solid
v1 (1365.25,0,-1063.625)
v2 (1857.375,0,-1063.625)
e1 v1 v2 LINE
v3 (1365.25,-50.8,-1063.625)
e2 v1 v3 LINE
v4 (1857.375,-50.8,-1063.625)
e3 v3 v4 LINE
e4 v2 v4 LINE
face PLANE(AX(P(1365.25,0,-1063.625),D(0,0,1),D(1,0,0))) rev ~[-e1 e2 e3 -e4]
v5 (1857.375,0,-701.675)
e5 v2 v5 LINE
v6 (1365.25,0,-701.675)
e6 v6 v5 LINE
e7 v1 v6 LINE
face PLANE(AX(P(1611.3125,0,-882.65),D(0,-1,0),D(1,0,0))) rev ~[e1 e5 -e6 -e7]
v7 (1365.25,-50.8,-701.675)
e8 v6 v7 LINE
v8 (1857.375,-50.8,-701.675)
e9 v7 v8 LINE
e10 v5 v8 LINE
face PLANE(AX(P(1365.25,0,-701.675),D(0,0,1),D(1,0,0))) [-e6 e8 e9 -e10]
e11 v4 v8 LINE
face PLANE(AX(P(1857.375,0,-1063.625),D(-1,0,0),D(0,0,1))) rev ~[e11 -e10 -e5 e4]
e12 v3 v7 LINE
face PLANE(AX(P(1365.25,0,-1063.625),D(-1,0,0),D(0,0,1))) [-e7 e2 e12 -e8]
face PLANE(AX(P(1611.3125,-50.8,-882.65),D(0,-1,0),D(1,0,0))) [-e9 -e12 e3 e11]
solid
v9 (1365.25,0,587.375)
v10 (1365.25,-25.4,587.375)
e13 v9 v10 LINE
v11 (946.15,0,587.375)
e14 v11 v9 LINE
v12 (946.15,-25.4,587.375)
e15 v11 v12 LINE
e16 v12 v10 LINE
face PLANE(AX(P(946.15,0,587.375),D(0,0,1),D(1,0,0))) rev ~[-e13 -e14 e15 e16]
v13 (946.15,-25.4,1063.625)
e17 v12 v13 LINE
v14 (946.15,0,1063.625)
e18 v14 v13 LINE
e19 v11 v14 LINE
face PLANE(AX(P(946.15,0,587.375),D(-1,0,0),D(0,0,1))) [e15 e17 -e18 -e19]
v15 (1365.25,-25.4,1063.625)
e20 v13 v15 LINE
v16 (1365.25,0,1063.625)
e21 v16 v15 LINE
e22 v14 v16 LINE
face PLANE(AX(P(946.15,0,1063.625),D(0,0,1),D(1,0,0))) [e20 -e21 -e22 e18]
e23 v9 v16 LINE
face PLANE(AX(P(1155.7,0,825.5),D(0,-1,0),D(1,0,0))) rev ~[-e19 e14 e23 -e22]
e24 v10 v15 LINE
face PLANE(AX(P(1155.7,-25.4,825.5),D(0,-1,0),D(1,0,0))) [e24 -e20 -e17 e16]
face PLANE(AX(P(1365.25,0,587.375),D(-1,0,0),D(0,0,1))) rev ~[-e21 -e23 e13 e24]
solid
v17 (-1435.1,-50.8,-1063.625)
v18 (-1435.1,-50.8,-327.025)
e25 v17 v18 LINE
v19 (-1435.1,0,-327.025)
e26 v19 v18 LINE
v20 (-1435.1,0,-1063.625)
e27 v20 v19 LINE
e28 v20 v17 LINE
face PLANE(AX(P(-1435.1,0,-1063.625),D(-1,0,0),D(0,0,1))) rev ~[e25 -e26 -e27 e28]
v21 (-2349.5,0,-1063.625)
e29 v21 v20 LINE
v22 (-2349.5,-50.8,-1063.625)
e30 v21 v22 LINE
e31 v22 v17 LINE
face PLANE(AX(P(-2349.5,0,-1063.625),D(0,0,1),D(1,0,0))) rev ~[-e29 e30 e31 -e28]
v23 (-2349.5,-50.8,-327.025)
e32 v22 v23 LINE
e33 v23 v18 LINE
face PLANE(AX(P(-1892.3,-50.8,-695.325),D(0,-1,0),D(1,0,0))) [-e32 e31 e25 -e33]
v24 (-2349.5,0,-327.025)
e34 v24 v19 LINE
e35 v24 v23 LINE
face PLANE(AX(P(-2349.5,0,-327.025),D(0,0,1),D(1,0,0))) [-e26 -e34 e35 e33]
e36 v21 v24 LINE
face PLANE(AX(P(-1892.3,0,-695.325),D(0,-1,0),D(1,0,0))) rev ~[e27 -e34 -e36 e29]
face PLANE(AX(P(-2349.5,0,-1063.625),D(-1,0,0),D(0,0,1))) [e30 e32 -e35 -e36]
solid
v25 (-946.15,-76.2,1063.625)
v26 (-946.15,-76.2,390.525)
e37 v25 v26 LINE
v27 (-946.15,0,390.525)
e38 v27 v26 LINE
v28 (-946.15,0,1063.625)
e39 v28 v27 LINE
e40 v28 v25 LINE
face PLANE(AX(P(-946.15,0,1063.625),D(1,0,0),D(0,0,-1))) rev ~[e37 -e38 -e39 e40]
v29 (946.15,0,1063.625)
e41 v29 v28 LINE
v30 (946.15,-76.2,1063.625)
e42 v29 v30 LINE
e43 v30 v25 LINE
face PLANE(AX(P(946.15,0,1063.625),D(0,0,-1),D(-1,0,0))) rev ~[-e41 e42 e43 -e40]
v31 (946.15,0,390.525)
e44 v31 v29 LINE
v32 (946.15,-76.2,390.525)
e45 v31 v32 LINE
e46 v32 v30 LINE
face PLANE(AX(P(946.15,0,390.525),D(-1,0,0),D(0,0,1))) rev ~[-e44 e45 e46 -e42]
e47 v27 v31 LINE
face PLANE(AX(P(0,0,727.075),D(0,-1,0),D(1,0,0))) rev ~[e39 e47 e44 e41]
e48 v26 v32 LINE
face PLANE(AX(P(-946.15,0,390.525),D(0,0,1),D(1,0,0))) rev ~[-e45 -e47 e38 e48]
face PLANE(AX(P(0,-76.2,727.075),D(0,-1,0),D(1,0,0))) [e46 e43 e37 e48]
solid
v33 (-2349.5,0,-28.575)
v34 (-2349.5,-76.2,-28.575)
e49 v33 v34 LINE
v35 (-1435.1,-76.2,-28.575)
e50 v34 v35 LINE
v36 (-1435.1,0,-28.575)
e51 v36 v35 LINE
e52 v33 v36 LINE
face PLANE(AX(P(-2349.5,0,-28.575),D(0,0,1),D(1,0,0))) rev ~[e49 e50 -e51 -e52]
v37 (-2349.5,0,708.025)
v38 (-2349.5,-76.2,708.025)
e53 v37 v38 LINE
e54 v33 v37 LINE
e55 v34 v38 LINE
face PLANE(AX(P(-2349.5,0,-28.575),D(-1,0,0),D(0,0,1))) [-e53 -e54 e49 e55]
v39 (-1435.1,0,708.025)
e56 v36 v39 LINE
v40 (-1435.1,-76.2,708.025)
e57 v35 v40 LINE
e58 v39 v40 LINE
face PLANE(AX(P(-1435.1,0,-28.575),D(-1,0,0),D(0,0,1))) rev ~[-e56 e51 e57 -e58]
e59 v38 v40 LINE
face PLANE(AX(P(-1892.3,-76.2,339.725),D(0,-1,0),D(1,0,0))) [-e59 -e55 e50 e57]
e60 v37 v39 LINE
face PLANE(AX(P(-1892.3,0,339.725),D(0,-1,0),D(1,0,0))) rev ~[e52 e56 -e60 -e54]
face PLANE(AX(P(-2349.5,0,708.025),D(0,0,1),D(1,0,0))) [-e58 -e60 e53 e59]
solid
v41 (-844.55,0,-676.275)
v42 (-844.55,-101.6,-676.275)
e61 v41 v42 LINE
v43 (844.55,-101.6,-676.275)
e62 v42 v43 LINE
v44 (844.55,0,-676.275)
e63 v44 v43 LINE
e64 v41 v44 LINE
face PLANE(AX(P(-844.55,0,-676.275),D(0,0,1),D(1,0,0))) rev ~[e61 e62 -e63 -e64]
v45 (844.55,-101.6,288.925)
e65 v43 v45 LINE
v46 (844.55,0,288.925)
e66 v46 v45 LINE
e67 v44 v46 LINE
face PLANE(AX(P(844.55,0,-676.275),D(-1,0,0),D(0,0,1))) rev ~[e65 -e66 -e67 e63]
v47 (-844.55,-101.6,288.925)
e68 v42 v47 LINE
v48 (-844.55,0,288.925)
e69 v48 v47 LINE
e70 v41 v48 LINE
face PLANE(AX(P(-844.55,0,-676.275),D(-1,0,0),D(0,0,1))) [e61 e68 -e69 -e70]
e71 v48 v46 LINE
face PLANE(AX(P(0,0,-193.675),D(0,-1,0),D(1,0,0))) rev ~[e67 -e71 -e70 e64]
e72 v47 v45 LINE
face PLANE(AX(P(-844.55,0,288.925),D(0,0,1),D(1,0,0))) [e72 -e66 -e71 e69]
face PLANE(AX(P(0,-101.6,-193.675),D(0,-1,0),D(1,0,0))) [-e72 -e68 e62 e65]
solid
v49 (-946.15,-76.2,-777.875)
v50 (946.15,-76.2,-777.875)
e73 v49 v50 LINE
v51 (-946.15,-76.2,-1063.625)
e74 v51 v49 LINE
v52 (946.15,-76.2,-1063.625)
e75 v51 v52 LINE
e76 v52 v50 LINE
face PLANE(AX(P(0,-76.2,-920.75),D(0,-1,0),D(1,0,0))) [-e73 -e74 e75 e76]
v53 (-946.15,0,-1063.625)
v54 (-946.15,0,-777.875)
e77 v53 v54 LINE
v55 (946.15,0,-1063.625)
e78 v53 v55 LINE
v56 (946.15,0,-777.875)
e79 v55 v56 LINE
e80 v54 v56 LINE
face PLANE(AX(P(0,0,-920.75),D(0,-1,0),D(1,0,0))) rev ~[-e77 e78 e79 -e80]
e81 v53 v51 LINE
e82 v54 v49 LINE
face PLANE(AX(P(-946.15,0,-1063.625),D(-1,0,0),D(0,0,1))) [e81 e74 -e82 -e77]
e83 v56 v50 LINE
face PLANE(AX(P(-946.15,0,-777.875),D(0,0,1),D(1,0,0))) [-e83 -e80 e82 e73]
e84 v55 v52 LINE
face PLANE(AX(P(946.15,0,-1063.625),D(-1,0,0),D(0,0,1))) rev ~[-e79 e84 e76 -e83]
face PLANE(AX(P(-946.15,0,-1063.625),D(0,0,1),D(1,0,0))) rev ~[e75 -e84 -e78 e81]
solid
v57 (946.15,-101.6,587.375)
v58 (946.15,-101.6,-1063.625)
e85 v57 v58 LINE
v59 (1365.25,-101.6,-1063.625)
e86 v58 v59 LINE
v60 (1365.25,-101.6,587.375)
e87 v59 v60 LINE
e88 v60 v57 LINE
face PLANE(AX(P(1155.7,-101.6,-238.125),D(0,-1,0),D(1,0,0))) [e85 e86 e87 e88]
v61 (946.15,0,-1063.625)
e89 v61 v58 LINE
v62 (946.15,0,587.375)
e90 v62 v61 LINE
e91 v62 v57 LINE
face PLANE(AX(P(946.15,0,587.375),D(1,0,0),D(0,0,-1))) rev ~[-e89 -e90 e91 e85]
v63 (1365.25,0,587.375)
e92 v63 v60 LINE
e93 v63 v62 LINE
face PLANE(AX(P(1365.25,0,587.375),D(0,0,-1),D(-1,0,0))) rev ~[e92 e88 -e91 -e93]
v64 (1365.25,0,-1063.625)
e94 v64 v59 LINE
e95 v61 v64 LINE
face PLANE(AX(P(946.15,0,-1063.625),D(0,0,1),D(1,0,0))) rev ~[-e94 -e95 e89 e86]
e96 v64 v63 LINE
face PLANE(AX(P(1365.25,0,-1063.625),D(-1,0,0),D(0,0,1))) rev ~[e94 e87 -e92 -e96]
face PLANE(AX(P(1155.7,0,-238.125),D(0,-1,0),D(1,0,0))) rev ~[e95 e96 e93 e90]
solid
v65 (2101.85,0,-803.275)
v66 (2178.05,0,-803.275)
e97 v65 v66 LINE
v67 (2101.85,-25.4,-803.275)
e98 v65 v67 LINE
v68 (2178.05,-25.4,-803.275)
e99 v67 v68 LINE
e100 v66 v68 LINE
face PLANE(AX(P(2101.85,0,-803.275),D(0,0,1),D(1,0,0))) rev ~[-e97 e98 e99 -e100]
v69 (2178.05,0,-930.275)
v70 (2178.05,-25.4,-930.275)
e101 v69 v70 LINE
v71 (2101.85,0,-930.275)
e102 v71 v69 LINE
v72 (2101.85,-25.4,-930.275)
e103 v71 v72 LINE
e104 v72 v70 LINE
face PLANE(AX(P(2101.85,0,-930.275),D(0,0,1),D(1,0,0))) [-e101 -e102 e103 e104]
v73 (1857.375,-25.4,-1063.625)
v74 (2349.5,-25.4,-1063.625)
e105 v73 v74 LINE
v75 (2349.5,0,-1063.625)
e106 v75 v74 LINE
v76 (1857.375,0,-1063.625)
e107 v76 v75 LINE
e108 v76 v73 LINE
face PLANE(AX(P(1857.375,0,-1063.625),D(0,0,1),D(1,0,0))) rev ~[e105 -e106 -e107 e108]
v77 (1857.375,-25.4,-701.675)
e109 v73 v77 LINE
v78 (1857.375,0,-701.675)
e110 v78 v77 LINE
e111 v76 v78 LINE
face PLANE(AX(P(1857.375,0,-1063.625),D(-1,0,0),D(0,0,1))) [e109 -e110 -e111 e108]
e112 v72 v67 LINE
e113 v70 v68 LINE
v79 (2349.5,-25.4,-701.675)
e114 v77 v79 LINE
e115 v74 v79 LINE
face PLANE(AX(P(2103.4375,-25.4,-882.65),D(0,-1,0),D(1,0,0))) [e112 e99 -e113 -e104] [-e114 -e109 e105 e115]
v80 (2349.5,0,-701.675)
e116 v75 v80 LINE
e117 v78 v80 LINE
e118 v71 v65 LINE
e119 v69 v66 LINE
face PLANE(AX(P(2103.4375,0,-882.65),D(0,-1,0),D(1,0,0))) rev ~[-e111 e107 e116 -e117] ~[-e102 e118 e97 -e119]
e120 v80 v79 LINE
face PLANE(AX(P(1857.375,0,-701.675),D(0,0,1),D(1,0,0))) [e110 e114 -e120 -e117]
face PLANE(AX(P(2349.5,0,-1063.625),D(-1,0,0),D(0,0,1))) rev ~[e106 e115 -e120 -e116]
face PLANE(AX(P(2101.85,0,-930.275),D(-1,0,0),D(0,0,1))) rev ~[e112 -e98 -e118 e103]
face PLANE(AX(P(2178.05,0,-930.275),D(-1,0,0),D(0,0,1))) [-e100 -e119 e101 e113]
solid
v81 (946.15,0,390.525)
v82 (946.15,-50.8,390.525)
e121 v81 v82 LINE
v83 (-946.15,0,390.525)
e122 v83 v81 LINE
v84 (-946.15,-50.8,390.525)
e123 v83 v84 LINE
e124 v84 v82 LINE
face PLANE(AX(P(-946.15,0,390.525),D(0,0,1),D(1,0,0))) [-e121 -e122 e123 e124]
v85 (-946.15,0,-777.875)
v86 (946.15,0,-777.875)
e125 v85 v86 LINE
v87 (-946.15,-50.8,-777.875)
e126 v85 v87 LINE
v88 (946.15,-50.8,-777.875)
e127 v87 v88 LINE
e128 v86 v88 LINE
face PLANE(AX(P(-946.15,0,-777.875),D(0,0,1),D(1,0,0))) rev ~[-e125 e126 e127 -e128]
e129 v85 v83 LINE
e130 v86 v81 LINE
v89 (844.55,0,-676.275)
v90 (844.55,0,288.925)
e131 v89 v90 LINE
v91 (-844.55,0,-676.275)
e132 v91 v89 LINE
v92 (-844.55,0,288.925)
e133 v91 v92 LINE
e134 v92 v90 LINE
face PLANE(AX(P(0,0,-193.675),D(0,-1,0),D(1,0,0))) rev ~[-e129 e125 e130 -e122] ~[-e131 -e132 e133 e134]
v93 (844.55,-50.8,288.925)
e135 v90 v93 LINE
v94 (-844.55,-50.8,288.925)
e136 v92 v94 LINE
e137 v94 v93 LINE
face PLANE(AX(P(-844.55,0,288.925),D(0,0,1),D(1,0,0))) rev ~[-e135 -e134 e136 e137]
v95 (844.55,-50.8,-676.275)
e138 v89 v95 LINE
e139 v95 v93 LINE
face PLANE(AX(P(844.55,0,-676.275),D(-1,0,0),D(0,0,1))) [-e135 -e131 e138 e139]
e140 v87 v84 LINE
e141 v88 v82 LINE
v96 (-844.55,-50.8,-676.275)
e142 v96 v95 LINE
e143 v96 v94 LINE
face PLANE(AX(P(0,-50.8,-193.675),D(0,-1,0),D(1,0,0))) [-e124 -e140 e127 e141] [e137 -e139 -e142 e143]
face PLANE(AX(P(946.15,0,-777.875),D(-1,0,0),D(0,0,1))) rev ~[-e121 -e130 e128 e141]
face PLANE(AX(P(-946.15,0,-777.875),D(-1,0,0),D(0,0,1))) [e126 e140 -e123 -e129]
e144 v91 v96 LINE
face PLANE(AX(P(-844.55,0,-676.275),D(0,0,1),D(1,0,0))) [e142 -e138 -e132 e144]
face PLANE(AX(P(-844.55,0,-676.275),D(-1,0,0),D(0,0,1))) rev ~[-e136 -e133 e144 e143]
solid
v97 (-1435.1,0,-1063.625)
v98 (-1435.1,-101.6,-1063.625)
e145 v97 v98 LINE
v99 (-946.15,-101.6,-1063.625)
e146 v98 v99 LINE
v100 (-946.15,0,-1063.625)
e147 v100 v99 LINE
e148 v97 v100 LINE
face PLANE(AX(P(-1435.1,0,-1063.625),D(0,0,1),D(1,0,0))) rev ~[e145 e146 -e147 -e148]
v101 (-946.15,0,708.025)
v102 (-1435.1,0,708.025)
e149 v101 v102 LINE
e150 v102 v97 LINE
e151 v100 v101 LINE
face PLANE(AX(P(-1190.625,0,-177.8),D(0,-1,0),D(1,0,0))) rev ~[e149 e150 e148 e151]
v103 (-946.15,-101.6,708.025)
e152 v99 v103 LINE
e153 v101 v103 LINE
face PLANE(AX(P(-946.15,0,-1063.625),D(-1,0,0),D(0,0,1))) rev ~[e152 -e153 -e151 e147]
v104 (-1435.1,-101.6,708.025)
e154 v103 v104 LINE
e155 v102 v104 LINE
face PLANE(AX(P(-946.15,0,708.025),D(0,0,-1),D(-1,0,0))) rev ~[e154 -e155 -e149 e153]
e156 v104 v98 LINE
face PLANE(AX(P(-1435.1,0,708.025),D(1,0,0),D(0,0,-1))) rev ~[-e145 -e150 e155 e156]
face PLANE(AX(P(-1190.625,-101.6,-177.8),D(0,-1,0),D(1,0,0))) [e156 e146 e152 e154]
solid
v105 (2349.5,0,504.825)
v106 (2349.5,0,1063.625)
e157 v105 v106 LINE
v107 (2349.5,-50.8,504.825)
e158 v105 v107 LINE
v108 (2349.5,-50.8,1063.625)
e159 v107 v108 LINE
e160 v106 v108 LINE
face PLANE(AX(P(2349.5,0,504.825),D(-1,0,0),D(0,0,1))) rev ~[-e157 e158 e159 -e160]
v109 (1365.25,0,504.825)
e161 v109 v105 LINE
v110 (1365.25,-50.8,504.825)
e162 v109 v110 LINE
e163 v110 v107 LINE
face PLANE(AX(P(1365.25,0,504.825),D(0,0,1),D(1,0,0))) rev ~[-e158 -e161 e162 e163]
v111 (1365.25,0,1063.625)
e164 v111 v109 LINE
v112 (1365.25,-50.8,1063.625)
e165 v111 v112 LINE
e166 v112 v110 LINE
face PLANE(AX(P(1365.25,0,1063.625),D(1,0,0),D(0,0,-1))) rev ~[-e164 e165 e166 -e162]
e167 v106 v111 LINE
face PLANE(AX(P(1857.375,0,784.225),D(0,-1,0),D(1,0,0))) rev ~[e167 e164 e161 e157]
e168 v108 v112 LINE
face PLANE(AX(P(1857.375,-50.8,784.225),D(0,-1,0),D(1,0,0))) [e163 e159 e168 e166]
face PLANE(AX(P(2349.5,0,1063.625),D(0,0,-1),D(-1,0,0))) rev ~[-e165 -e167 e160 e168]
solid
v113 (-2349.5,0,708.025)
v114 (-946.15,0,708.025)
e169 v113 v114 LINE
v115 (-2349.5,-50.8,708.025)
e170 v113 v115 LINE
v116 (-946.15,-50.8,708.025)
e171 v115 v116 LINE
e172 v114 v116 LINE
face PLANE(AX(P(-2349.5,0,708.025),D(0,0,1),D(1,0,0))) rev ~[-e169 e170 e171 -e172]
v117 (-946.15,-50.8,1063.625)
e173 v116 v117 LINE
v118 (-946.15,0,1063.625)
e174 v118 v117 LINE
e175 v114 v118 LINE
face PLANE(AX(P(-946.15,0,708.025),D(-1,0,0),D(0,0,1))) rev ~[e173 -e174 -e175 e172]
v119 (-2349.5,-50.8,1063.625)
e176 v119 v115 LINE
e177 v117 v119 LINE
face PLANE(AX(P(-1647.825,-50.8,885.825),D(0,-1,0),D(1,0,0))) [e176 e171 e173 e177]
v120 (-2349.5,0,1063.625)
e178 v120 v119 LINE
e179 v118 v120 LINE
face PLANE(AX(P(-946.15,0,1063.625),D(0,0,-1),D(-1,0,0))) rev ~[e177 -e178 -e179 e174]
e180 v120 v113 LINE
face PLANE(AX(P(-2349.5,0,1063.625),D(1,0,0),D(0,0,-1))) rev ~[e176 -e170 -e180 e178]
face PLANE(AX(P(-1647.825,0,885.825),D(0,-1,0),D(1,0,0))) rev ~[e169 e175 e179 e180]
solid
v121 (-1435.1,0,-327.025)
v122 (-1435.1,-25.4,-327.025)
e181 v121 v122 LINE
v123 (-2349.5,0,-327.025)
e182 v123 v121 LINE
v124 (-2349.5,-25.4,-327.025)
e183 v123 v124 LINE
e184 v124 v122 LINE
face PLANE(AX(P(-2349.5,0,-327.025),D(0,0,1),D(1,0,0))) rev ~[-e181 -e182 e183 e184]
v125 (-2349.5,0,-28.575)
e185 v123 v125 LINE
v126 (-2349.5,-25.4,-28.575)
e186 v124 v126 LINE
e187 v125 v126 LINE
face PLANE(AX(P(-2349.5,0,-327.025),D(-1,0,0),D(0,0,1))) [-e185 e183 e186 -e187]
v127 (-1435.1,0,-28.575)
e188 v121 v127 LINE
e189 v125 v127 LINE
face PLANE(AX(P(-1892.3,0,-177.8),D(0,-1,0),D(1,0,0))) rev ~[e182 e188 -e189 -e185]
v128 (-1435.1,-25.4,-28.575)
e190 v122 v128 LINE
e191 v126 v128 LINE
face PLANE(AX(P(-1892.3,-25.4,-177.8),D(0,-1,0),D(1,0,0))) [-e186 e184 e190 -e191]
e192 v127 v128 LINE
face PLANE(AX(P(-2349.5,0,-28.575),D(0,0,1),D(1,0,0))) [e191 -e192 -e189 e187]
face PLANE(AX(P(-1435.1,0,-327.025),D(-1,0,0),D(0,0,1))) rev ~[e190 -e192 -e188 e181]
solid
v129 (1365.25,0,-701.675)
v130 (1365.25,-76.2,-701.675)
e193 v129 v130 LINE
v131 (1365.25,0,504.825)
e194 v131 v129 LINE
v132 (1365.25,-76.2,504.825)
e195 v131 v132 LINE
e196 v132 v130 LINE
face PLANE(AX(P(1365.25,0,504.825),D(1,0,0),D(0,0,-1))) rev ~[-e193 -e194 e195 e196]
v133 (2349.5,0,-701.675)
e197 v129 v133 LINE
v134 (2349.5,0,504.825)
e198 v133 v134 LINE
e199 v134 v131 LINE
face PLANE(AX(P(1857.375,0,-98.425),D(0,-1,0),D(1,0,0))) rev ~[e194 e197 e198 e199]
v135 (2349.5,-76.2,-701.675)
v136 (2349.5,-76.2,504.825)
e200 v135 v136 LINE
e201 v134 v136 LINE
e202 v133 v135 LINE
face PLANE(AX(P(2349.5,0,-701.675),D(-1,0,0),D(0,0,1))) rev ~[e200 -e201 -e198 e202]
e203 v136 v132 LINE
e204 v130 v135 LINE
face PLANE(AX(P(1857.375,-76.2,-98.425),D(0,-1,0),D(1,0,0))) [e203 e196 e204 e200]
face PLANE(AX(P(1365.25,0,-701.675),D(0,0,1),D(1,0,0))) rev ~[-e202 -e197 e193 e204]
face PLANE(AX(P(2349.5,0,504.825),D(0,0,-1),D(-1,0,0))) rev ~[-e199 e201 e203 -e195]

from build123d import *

# Parameters (mm, degrees)
F1_DEPTH  = 101.6
F0_W      = 914.4
F0_H      = 736.6
F2_DEPTH  = 76.2
F0_W_2    = 1892.3
F0_H_2    = 1168.4
F0_W_3    = 1689.1
F0_H_3    = 965.2
F3_DEPTH  = 50.8
F0_H_4    = 298.45
F4_DEPTH  = 25.4
F5_DEPTH  = 50.8
F6_DEPTH  = 50.8
F7_DEPTH  = 101.6
F8_DEPTH  = 76.2
F0_H_5    = 285.75
F9_DEPTH  = 76.2
F0_W_4    = 419.1
F0_H_6    = 476.25
F10_DEPTH = 25.4
F11_DEPTH = 101.6
F12_DEPTH = 50.8
F13_DEPTH = 76.2
F0_W_5    = 492.125
F0_H_7    = 361.95
F14_DEPTH = 50.8
F0_W_6    = 76.2
F0_H_8    = 127
F15_DEPTH = 25.4


with BuildPart() as f1:
    # F0 (on Front) → F1 (new body)
    with BuildSketch(Plane.XZ):
        Polygon((-1435.1, -1063.625), (-946.15, -1063.625), (-946.15, -777.875), (-946.15, 390.525), (-946.15, 708.025), (-1435.1, 708.025), (-1435.1, -28.575), (-1435.1, -327.025), align=None)
    extrude(amount=F1_DEPTH)


with BuildPart() as f2:
    # F0 (on Front) → F2 (new body)
    with BuildSketch(Plane.XZ):
        with Locations((-1892.3, 339.725)):
            Rectangle(F0_W, F0_H)
    extrude(amount=F2_DEPTH)


with BuildPart() as f3:
    # F0 (on Front) → F3 (new body)
    with BuildSketch(Plane.XZ):
        with Locations((0, -193.675)):
            Rectangle(F0_W_2, F0_H_2)
        with Locations((0, -193.675)):
            Rectangle(F0_W_3, F0_H_3, mode=Mode.SUBTRACT)
    extrude(amount=F3_DEPTH)


with BuildPart() as f4:
    # F0 (on Front) → F4 (new body)
    with BuildSketch(Plane.XZ):
        with Locations((-1892.3, -177.8)):
            Rectangle(F0_W, F0_H_4)
    extrude(amount=F4_DEPTH)


with BuildPart() as f5:
    # F0 (on Front) → F5 (new body)
    with BuildSketch(Plane.XZ):
        with Locations((-1892.3, -695.325)):
            Rectangle(F0_W, F0_H)
    extrude(amount=F5_DEPTH)


with BuildPart() as f6:
    # F0 (on Front) → F6 (new body)
    with BuildSketch(Plane.XZ):
        Polygon((-946.15, 708.025), (-946.15, 1063.625), (-2349.5, 1063.625), (-2349.5, 708.025), (-1435.1, 708.025), align=None)
    extrude(amount=F6_DEPTH)


with BuildPart() as f7:
    # F0 (on Front) → F7 (new body)
    with BuildSketch(Plane.XZ):
        with Locations((0, -193.675)):
            Rectangle(F0_W_3, F0_H_3)
    extrude(amount=F7_DEPTH)


with BuildPart() as f8:
    # F0 (on Front) → F8 (new body)
    with BuildSketch(Plane.XZ):
        Polygon((-946.15, 390.525), (946.15, 390.525), (946.15, 587.375), (946.15, 1063.625), (-946.15, 1063.625), (-946.15, 708.025), align=None)
    extrude(amount=F8_DEPTH)


with BuildPart() as f9:
    # F0 (on Front) → F9 (new body)
    with BuildSketch(Plane.XZ):
        with Locations((0, -920.75)):
            Rectangle(F0_W_2, F0_H_5)
    extrude(amount=F9_DEPTH)


with BuildPart() as f10:
    # F0 (on Front) → F10 (new body)
    with BuildSketch(Plane.XZ):
        with Locations((1155.7, 825.5)):
            Rectangle(F0_W_4, F0_H_6)
    extrude(amount=F10_DEPTH)


with BuildPart() as f11:
    # F0 (on Front) → F11 (new body)
    with BuildSketch(Plane.XZ):
        Polygon((946.15, -1063.625), (1365.25, -1063.625), (1365.25, -701.675), (1365.25, 504.825), (1365.25, 587.375), (946.15, 587.375), (946.15, 390.525), (946.15, -777.875), align=None)
    extrude(amount=F11_DEPTH)


with BuildPart() as f12:
    # F0 (on Front) → F12 (new body)
    with BuildSketch(Plane.XZ):
        Polygon((1365.25, 504.825), (2349.5, 504.825), (2349.5, 1063.625), (1365.25, 1063.625), (1365.25, 587.375), align=None)
    extrude(amount=F12_DEPTH)


with BuildPart() as f13:
    # F0 (on Front) → F13 (new body)
    with BuildSketch(Plane.XZ):
        Polygon((1857.375, -701.675), (2349.5, -701.675), (2349.5, 504.825), (1365.25, 504.825), (1365.25, -701.675), align=None)
    extrude(amount=F13_DEPTH)


with BuildPart() as f14:
    # F0 (on Front) → F14 (new body)
    with BuildSketch(Plane.XZ):
        with Locations((1611.3125, -882.65)):
            Rectangle(F0_W_5, F0_H_7)
    extrude(amount=F14_DEPTH)


with BuildPart() as f15:
    # F0 (on Front) → F15 (new body)
    with BuildSketch(Plane.XZ):
        with Locations((2103.4375, -882.65)):
            Rectangle(F0_W_5, F0_H_7)
        with Locations((2139.95, -866.775)):
            Rectangle(F0_W_6, F0_H_8, mode=Mode.SUBTRACT)
    extrude(amount=F15_DEPTH)


solid = Compound([f1.part, f2.part, f3.part, f4.part, f5.part, f6.part, f7.part, f8.part, f9.part, f10.part, f11.part, f12.part, f13.part, f14.part, f15.part])
